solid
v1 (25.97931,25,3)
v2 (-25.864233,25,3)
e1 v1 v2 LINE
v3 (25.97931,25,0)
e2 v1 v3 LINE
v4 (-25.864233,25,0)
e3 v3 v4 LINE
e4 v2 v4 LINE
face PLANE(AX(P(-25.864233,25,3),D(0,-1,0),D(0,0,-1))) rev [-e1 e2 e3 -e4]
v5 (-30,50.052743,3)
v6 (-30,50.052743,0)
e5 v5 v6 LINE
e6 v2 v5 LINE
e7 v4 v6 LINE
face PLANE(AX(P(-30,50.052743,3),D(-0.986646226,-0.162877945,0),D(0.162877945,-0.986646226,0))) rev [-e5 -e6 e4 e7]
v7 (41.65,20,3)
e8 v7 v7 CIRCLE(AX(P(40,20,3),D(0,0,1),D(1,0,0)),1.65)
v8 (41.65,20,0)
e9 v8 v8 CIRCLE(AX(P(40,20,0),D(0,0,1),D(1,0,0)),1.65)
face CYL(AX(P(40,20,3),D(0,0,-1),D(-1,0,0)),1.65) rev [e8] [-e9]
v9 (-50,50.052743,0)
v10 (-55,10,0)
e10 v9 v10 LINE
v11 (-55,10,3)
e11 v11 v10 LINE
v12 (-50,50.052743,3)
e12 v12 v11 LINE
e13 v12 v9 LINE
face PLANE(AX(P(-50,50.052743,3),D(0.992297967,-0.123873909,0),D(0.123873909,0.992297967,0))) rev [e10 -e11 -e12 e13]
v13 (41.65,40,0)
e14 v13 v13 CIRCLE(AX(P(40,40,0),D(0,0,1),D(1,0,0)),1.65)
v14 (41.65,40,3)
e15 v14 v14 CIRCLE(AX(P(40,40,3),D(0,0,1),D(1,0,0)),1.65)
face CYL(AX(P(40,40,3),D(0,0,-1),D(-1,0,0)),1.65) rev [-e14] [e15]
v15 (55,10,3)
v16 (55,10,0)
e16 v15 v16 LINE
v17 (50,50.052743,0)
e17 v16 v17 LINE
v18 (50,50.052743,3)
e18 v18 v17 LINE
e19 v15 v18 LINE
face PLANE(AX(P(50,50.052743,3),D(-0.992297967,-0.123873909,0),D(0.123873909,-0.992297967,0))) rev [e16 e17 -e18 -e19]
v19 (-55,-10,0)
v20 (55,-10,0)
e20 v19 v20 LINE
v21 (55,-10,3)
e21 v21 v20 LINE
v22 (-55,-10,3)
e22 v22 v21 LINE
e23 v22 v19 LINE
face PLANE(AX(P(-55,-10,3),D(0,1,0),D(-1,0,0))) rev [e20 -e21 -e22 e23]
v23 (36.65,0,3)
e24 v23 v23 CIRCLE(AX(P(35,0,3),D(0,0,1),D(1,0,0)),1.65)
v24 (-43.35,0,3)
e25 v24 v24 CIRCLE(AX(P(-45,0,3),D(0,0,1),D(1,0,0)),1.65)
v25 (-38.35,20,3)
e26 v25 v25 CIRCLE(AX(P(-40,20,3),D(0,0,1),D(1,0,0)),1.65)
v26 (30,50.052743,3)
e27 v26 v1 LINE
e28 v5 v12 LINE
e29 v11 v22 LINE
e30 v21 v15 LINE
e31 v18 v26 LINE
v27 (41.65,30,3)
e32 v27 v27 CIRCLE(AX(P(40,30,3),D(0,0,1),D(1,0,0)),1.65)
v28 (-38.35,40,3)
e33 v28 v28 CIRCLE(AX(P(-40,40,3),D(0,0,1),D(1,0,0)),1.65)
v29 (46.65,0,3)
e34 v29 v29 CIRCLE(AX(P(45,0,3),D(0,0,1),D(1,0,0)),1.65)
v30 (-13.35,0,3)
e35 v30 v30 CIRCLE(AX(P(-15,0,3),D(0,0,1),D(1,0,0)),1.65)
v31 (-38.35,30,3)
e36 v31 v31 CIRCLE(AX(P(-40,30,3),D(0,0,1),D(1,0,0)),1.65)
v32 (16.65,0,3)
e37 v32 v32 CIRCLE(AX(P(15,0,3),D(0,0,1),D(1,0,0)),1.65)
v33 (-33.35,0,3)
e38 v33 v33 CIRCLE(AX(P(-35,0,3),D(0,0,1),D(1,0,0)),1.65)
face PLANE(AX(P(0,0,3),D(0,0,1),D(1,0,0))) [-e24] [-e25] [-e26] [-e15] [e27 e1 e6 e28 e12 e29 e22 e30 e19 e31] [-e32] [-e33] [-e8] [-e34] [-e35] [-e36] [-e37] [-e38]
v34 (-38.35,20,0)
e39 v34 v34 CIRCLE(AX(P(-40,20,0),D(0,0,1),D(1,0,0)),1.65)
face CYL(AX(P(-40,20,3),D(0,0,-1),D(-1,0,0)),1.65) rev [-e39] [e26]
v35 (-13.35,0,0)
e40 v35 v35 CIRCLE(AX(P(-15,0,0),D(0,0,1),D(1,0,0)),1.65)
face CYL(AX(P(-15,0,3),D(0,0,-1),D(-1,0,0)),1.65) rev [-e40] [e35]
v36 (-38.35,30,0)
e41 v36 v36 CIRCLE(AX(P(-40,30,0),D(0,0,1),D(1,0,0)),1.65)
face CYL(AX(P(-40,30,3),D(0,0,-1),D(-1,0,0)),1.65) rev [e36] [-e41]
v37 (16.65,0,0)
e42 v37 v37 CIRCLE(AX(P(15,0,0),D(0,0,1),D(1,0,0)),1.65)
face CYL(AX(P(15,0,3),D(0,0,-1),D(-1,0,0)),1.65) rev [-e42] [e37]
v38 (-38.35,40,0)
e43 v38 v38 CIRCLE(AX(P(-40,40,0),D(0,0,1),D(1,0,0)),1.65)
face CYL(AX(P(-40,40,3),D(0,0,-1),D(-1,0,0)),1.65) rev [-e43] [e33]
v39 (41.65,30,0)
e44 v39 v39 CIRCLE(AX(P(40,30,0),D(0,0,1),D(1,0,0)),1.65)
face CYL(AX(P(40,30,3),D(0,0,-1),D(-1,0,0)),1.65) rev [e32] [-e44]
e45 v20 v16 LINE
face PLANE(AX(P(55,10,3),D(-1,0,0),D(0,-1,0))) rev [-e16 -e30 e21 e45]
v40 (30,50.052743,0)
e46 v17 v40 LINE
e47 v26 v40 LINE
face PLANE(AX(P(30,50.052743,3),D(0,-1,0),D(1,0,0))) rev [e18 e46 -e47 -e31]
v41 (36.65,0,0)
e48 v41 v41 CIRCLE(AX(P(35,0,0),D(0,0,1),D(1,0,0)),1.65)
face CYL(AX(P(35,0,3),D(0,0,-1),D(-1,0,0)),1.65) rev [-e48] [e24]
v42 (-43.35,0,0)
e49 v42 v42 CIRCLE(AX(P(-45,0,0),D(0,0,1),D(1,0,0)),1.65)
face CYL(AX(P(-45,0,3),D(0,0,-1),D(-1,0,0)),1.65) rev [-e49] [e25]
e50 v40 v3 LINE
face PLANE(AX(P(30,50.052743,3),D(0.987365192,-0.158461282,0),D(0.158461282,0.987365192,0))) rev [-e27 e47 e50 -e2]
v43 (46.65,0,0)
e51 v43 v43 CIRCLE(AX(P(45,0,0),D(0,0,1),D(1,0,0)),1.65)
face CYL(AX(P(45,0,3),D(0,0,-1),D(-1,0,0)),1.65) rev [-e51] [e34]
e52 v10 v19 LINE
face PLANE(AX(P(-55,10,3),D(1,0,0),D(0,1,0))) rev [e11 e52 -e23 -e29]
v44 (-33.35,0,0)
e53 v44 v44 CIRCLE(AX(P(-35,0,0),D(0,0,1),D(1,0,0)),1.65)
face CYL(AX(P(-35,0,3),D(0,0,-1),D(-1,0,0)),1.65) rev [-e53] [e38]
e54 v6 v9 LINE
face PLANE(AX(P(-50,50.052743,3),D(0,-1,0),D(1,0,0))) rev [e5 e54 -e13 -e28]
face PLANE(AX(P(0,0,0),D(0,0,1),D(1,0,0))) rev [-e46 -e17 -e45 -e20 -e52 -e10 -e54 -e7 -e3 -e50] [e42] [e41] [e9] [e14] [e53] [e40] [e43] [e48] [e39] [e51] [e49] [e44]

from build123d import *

# Parameters (mm, degrees)
SKETCH_1_R      = 1.65
EXTRUDE_1_DEPTH = 3


with BuildPart() as part:
    # 草图1 → 凸台-拉伸1 (new body)
    with BuildSketch(Plane.XY):
        Polygon((-55, 10), (-55, -10), (55, -10), (55, 10), (50, 50.05274288), (30, 50.05274288), (25.979309591, 25), (-25.864232627, 25), (-30, 50.05274288), (-50, 50.05274288), align=None)
        with Locations((15, 0)):
            Circle(SKETCH_1_R, mode=Mode.SUBTRACT)
        with Locations((-15, 0)):
            Circle(SKETCH_1_R, mode=Mode.SUBTRACT)
        with Locations((35, 0)):
            Circle(SKETCH_1_R, mode=Mode.SUBTRACT)
        with Locations((-35, 0)):
            Circle(SKETCH_1_R, mode=Mode.SUBTRACT)
        with Locations((45, 0)):
            Circle(SKETCH_1_R, mode=Mode.SUBTRACT)
        with Locations((-45, 0)):
            Circle(SKETCH_1_R, mode=Mode.SUBTRACT)
        with Locations((-40, 20)):
            Circle(SKETCH_1_R, mode=Mode.SUBTRACT)
        with Locations((-40, 30)):
            Circle(SKETCH_1_R, mode=Mode.SUBTRACT)
        with Locations((40, 20)):
            Circle(SKETCH_1_R, mode=Mode.SUBTRACT)
        with Locations((40, 30)):
            Circle(SKETCH_1_R, mode=Mode.SUBTRACT)
        with Locations((-40, 40)):
            Circle(SKETCH_1_R, mode=Mode.SUBTRACT)
        with Locations((40, 40)):
            Circle(SKETCH_1_R, mode=Mode.SUBTRACT)
    extrude(amount=EXTRUDE_1_DEPTH)


solid = part.part
